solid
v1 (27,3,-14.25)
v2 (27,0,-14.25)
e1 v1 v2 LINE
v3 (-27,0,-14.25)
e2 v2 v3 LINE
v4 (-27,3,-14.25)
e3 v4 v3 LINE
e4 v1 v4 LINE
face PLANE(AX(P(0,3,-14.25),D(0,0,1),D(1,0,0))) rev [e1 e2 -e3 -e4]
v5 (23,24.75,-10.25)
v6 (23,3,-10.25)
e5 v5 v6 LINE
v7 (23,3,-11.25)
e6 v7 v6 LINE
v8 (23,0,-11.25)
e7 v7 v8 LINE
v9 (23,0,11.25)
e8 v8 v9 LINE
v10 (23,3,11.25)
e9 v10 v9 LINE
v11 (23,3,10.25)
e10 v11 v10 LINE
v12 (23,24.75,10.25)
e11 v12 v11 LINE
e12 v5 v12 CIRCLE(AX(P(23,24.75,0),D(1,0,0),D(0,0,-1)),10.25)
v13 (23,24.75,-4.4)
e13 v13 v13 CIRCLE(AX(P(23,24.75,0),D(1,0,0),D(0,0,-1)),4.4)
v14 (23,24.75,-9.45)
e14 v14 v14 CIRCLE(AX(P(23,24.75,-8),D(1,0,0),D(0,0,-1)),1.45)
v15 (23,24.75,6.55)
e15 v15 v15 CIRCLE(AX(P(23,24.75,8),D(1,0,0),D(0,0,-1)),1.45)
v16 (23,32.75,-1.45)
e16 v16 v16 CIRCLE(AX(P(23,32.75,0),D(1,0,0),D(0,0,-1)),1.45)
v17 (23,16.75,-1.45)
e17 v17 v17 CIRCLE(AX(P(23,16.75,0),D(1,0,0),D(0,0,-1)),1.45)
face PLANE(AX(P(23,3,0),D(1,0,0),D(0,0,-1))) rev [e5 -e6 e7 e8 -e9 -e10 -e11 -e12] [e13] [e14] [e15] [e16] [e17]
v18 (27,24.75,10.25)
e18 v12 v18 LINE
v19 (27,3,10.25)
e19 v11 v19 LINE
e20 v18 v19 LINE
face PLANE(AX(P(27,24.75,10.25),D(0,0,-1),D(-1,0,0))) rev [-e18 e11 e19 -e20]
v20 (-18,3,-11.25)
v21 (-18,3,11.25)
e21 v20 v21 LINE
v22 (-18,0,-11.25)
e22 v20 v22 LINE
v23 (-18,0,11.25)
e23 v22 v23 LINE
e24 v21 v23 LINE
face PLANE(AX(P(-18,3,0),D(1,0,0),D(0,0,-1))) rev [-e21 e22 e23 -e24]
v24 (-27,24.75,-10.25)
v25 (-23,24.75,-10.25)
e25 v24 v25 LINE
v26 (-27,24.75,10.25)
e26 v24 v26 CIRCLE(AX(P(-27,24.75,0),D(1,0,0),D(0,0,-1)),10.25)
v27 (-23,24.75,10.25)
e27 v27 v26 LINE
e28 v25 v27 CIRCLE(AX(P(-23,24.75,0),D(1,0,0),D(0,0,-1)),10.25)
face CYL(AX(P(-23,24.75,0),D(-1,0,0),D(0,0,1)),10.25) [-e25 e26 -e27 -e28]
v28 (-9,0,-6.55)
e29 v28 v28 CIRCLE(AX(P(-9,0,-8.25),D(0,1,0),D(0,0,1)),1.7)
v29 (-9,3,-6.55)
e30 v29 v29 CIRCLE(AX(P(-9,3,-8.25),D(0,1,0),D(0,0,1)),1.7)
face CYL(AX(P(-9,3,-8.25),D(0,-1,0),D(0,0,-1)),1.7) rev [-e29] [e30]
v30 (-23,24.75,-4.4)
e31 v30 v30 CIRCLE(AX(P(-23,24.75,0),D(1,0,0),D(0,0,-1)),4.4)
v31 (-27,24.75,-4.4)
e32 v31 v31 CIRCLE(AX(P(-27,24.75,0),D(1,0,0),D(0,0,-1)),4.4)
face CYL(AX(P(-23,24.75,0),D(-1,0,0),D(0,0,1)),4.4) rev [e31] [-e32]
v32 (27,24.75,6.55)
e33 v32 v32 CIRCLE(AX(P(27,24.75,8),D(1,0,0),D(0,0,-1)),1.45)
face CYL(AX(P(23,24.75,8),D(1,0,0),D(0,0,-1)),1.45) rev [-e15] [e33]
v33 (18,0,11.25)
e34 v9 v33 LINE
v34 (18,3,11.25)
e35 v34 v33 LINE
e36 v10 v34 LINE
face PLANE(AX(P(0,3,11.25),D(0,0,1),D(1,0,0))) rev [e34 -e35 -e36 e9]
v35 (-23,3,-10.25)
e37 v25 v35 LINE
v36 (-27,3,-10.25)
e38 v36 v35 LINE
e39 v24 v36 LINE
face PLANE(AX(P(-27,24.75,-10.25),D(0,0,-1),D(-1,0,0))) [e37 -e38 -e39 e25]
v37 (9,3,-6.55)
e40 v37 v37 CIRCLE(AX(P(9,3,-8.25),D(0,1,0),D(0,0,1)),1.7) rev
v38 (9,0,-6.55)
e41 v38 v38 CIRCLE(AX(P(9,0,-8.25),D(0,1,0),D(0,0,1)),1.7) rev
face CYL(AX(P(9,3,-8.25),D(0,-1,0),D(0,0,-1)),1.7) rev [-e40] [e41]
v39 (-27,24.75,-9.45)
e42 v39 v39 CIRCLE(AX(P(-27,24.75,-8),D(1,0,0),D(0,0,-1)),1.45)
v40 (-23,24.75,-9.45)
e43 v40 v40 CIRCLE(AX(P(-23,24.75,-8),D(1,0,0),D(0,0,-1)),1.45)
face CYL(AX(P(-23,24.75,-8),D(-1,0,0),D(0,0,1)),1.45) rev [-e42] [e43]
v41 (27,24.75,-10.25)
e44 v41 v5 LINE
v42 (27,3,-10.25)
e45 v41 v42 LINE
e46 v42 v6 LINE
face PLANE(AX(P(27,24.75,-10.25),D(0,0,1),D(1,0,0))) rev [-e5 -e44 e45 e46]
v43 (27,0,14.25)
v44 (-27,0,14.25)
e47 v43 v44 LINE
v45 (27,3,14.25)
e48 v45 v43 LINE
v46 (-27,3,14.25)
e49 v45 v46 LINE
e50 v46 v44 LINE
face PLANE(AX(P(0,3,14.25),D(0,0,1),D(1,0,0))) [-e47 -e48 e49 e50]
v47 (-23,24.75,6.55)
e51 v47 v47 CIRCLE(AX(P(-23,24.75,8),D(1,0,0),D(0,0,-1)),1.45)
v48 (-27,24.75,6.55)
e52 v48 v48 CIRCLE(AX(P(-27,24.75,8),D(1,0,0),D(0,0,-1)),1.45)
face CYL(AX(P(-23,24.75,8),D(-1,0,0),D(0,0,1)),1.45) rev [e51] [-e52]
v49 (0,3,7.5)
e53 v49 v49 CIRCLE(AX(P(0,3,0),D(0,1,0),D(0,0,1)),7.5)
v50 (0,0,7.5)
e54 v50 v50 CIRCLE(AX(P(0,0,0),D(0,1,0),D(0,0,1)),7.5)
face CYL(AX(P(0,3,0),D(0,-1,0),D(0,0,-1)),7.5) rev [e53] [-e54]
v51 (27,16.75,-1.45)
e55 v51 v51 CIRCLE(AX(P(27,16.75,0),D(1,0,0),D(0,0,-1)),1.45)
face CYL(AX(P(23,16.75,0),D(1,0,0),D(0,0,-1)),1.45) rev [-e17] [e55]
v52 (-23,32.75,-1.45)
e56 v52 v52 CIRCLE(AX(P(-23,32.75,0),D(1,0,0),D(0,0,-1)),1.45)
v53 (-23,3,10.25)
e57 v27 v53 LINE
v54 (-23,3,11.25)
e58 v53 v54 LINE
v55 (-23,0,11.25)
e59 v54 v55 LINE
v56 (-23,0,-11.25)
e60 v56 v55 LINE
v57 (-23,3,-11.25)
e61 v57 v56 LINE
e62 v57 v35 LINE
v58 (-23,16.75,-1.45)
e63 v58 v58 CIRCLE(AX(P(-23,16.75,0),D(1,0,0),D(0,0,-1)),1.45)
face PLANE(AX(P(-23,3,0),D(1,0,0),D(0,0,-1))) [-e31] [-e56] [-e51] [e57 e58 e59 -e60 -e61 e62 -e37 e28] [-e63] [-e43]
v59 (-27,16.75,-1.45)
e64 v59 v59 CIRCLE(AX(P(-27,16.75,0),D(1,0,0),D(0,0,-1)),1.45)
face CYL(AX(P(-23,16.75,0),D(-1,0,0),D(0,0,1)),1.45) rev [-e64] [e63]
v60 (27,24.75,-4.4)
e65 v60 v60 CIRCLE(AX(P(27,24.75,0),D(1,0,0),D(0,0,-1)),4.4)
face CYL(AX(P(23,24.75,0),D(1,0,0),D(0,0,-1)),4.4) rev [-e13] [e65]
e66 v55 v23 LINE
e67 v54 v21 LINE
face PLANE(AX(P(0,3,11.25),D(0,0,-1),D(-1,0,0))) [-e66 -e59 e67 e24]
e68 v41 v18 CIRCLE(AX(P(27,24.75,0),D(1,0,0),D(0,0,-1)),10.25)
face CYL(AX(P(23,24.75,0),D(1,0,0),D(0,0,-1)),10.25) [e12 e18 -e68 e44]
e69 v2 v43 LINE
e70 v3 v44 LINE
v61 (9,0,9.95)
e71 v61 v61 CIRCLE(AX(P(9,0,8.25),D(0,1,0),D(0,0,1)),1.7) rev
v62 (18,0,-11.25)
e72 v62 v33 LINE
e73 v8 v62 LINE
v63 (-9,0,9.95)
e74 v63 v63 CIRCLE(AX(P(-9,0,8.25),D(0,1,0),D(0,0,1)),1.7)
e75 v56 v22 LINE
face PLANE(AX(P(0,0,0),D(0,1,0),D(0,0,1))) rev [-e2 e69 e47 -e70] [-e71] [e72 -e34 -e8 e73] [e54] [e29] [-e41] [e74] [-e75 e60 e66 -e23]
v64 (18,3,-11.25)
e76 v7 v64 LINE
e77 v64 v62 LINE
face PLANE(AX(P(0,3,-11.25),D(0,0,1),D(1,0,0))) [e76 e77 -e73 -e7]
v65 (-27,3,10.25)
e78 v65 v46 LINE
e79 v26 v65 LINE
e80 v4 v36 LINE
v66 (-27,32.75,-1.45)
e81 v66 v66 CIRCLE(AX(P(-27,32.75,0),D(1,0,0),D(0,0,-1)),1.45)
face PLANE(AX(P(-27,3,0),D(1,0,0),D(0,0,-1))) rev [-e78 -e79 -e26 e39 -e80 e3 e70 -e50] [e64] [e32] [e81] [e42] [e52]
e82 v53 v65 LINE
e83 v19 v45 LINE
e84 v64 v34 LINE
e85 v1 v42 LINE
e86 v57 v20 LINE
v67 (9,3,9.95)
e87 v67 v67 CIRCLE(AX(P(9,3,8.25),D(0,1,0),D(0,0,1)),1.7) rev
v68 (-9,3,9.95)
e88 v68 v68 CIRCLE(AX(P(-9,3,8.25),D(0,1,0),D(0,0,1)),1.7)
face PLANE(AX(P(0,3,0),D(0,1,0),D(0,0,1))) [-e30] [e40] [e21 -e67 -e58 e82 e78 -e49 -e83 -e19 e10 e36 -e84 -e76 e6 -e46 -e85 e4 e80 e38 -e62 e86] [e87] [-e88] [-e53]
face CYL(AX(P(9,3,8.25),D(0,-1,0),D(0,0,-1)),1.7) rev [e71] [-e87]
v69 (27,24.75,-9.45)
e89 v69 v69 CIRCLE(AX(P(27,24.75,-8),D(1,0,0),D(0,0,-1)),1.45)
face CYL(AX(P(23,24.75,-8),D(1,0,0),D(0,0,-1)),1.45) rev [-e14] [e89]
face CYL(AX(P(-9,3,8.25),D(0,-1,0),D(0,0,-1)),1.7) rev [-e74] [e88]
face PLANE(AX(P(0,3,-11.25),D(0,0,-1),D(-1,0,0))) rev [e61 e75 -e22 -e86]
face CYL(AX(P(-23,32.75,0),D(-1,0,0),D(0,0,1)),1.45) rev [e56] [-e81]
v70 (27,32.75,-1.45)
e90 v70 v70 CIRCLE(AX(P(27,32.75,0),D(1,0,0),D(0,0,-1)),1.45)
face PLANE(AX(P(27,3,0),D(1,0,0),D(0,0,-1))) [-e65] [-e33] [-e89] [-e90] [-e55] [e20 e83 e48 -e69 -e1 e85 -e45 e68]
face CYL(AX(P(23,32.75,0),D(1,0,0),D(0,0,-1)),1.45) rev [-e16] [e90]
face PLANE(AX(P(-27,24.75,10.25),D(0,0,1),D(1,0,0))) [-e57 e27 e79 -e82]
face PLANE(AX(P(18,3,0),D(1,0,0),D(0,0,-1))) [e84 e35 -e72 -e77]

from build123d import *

# Parameters (mm, degrees)
SKETCH1_W           = 54
SKETCH1_H           = 28.5
SKETCH1_W_2         = 5
SKETCH1_H_2         = 22.5
SKETCH1_R           = 1.7
SKETCH1_R_2         = 7.5
BOSS_EXTRUDE2_DEPTH = 3
SKETCH2_W           = 4
SKETCH2_H           = 20.5
BOSS_EXTRUDE3_DEPTH = 21.75
SKETCH4_R           = 10.25
BOSS_EXTRUDE4_DEPTH = 4
SKETCH6_R           = 4.4
SKETCH6_R_2         = 1.45
CUT_EXTRUDE3_DEPTH  = 4


with BuildPart() as part:
    # Sketch1 → Boss-Extrude2 (new body)
    with BuildSketch(Plane(origin=(0, 0, 0), x_dir=(1, 0, 0), z_dir=(0, 1, 0))):
        Rectangle(SKETCH1_W, SKETCH1_H)
        with Locations((20.5, 0)):
            Rectangle(SKETCH1_W_2, SKETCH1_H_2, mode=Mode.SUBTRACT)
        with Locations((-20.5, 0)):
            Rectangle(SKETCH1_W_2, SKETCH1_H_2, mode=Mode.SUBTRACT)
        with Locations(Location((-9, -8.25, 0), (0, 0, 270))):
            Circle(SKETCH1_R, mode=Mode.SUBTRACT)
        with Locations(Location((9, -8.25, 0), (0, 0, 270))):
            Circle(SKETCH1_R, mode=Mode.SUBTRACT)
        with Locations(Location((-9, 8.25, 0), (0, 0, 270))):
            Circle(SKETCH1_R, mode=Mode.SUBTRACT)
        with Locations(Location((0, 0, 0), (0, 0, 270))):
            Circle(SKETCH1_R_2, mode=Mode.SUBTRACT)
        with Locations(Location((9, 8.25, 0), (0, 0, 270))):
            Circle(SKETCH1_R, mode=Mode.SUBTRACT)
    extrude(amount=BOSS_EXTRUDE2_DEPTH)

    # Sketch2 → Boss-Extrude3 (add)
    with BuildSketch(Plane(origin=(0, 3, 0), x_dir=(1, 0, 0), z_dir=(0, 1, 0))):
        with Locations((25, 0)):
            Rectangle(SKETCH2_W, SKETCH2_H)
    boss_extrude3 = extrude(amount=BOSS_EXTRUDE3_DEPTH)

    # Sketch4 → Boss-Extrude4 (add)
    with BuildSketch(Plane(origin=(27, 0, 0), x_dir=(0, 0, -1), z_dir=(1, 0, 0))):
        with Locations((0, 24.75)):
            Circle(SKETCH4_R)
    boss_extrude4 = extrude(amount=-BOSS_EXTRUDE4_DEPTH)

    # Mirror1: Boss-Extrude3, Boss-Extrude4 across plane
    add(boss_extrude3.mirror(Plane(origin=(0, 0, 0), x_dir=(0, 0, 1), z_dir=(1, 0, 0))))
    add(boss_extrude4.mirror(Plane(origin=(0, 0, 0), x_dir=(0, 0, 1), z_dir=(1, 0, 0))))

    # Sketch6 → Cut-Extrude3 (cut)
    with BuildSketch(Plane(origin=(27, 0, 0), x_dir=(0, 0, -1), z_dir=(1, 0, 0))):
        with Locations((0, 24.75)):
            Circle(SKETCH6_R)
        with Locations((0, 32.75)):
            Circle(SKETCH6_R_2)
        with Locations((8, 24.75)):
            Circle(SKETCH6_R_2)
        with Locations((0, 16.75)):
            Circle(SKETCH6_R_2)
        with Locations((-8, 24.75)):
            Circle(SKETCH6_R_2)
    cut_extrude3 = extrude(amount=-CUT_EXTRUDE3_DEPTH, mode=Mode.SUBTRACT)

    # Mirror3: Cut-Extrude3 across plane
    add(cut_extrude3.mirror(Plane(origin=(0, 0, 0), x_dir=(0, 0, 1), z_dir=(1, 0, 0))), mode=Mode.SUBTRACT)


solid = part.part
